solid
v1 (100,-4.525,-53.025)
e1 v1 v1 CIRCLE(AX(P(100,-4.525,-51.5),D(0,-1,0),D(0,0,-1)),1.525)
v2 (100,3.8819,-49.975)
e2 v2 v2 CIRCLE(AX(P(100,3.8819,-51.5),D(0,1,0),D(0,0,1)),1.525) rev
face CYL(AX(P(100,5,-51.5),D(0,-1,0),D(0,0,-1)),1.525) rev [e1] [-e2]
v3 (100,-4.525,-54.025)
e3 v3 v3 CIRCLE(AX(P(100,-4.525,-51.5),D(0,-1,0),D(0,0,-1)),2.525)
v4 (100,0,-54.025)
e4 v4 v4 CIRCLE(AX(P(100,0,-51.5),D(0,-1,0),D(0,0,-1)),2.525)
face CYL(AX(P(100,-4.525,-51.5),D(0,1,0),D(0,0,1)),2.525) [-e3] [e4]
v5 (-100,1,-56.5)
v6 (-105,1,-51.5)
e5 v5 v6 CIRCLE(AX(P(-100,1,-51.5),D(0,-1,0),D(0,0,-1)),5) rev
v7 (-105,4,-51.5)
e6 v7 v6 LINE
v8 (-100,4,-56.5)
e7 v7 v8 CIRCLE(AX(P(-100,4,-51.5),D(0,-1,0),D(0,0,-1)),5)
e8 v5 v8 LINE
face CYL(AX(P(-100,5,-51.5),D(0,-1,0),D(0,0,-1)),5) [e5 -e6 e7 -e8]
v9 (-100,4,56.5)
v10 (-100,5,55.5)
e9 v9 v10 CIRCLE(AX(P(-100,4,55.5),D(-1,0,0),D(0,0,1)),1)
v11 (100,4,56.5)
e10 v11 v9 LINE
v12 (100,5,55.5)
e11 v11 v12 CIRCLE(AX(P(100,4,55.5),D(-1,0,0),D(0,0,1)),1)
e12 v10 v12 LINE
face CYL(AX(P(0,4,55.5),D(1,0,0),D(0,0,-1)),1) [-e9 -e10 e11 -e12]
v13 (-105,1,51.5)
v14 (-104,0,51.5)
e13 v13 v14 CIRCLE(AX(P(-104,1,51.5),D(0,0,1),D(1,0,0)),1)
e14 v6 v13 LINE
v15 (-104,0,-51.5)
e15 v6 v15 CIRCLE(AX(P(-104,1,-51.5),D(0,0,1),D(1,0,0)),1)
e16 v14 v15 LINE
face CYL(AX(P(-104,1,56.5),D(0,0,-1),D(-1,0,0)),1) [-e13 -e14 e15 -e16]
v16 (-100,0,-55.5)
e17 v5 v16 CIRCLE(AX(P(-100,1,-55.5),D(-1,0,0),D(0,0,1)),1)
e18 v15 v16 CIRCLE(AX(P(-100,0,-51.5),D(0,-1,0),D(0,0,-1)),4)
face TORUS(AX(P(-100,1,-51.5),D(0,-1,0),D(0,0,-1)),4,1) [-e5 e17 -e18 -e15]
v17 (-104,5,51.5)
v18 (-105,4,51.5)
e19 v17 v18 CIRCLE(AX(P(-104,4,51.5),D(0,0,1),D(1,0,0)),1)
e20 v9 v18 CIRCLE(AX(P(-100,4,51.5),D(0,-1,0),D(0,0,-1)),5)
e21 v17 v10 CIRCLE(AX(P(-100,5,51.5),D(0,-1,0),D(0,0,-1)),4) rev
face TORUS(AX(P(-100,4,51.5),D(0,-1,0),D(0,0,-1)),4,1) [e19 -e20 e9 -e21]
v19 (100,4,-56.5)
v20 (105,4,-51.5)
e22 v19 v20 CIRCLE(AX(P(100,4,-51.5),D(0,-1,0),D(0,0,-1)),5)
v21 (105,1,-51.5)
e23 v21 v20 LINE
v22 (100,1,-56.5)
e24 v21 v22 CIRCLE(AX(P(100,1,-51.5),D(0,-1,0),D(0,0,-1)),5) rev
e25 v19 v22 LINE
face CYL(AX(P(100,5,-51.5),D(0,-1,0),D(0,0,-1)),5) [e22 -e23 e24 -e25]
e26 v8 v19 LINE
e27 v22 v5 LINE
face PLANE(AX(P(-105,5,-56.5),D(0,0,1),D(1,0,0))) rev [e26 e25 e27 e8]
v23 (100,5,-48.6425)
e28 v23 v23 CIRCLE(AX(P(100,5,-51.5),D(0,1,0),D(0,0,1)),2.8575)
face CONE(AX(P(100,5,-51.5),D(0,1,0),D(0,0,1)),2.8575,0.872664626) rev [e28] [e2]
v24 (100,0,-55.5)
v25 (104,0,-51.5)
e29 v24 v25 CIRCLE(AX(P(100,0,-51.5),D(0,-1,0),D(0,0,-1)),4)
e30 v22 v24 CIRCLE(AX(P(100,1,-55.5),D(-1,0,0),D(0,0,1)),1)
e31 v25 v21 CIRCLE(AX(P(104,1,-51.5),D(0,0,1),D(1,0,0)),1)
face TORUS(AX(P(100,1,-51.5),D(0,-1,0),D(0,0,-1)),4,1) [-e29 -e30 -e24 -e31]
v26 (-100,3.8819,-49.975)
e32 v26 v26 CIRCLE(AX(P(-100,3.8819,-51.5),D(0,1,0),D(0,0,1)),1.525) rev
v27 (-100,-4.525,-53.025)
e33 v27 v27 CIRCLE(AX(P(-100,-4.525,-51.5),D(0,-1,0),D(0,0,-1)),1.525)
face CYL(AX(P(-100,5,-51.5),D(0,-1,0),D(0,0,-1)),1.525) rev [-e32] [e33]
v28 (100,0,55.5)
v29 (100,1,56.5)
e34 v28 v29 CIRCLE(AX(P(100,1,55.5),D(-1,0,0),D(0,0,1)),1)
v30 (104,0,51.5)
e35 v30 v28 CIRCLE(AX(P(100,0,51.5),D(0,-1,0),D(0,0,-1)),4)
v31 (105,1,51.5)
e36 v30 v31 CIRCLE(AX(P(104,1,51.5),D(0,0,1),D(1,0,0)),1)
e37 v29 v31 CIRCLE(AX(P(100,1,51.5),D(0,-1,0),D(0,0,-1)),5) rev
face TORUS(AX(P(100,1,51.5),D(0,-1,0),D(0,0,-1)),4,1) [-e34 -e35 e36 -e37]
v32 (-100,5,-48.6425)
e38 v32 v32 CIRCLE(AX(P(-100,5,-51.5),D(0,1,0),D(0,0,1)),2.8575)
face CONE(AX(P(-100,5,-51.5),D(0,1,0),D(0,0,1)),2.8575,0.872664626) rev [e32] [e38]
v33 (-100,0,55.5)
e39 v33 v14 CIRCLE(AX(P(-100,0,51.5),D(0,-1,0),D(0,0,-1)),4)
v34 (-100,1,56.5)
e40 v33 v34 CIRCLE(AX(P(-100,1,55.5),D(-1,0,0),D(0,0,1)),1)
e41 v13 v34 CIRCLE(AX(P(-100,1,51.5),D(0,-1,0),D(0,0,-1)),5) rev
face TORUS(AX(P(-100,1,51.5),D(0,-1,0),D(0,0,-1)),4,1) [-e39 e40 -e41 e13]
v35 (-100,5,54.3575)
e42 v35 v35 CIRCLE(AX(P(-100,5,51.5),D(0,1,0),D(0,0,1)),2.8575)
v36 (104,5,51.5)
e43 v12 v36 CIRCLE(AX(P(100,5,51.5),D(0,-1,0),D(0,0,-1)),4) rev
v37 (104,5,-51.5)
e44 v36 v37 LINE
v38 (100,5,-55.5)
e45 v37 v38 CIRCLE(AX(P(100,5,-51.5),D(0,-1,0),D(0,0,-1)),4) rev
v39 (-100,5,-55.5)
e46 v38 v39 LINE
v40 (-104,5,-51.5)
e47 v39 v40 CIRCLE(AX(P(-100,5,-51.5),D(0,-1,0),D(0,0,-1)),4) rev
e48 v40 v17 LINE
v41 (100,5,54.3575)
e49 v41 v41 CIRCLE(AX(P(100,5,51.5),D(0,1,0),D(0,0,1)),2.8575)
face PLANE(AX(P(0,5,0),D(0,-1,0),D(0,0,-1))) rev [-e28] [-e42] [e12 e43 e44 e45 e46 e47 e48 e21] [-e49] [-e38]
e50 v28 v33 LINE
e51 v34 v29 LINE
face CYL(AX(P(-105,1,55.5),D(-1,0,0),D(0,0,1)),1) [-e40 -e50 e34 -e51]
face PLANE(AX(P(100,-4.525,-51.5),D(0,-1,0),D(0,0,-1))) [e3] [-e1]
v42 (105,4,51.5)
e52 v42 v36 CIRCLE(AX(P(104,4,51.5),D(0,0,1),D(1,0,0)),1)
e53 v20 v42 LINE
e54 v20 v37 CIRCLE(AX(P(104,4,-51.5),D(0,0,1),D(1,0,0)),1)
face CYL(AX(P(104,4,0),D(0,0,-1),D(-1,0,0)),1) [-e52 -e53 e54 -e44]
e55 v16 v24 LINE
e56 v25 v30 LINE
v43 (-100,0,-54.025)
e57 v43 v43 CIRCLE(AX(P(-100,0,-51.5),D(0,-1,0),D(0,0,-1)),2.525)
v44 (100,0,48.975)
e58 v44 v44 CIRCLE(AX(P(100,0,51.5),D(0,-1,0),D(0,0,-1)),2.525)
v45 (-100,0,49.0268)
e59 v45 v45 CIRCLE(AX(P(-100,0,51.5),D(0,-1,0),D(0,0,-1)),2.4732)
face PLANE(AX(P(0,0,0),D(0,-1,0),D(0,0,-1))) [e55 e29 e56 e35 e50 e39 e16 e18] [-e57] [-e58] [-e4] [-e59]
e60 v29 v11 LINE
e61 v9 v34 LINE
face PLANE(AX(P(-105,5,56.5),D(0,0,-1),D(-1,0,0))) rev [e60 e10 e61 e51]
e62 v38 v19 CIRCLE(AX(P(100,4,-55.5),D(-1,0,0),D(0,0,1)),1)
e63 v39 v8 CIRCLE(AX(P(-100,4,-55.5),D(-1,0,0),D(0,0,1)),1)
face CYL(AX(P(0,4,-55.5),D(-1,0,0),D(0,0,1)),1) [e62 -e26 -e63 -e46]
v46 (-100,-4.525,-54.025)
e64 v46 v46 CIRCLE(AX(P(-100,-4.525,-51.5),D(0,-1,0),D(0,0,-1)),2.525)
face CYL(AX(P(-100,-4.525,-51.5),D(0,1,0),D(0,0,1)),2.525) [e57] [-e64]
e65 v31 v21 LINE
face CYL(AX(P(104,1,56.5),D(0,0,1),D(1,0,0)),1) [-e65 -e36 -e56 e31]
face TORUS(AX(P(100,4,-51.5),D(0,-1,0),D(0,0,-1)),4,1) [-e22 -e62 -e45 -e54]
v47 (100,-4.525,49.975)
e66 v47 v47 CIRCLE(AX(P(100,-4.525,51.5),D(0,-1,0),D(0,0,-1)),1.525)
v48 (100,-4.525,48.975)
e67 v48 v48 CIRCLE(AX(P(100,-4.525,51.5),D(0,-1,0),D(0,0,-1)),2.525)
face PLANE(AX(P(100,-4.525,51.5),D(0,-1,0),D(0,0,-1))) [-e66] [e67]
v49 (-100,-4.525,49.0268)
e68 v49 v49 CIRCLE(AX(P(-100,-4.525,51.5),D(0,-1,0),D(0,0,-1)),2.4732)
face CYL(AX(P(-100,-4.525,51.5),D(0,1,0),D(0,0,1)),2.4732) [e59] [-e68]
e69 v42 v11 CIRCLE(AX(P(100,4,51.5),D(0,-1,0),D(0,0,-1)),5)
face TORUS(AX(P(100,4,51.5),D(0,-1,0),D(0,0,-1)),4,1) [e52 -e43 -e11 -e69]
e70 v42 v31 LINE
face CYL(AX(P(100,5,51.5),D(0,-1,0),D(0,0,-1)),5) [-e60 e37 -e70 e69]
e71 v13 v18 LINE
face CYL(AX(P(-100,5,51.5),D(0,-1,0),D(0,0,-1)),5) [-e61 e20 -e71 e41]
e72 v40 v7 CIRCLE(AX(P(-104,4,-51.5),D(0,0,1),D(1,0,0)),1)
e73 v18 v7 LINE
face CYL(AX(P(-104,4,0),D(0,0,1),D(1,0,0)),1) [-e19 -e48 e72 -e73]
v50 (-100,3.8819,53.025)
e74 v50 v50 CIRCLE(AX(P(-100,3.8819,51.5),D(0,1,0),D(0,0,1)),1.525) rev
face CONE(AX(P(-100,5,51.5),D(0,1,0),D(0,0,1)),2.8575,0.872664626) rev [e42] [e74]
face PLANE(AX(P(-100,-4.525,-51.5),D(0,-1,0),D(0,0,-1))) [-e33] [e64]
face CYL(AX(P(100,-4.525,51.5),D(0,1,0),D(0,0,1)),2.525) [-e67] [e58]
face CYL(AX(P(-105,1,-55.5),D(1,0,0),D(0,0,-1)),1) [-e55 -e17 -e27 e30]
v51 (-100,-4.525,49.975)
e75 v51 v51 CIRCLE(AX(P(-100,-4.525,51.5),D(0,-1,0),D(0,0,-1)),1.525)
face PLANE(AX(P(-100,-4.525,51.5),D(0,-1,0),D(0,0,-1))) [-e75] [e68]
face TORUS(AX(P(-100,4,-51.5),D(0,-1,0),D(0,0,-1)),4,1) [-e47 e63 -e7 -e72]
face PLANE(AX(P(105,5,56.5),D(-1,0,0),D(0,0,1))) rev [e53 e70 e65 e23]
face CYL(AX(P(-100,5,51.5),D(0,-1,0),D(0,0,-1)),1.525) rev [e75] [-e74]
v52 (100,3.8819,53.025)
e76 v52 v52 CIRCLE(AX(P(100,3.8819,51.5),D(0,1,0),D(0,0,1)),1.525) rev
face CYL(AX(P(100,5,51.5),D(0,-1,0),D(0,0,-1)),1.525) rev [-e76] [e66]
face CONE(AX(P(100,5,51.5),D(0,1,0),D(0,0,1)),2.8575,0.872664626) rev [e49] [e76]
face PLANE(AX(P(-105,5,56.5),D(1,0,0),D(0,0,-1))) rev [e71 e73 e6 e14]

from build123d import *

# Parameters (mm, degrees)
SKETCH1_W                                         = 210
SKETCH1_H                                         = 113
BOSS_EXTRUDE1_DEPTH                               = 5
FILLET1_R                                         = 5
FILLET2_R                                         = 1
CSK_FOR_4_FLAT_HEAD_MACHINE_SCREW_100_D           = 2.9464
CSK_FOR_4_FLAT_HEAD_MACHINE_SCREW_100_CSINK_D     = 5.715
CSK_FOR_4_FLAT_HEAD_MACHINE_SCREW_100_CSINK_ANGLE = 100
SKETCH8_R                                         = 2.4732
BOSS_EXTRUDE2_DEPTH                               = 4.525
SKETCH10_R                                        = 1.525
CUT_EXTRUDE1_DEPTH                                = 1
CUT_EXTRUDE1_DEPTH_BACK                           = 10.525
SKETCH11_R                                        = 2.525
BOSS_EXTRUDE3_DEPTH                               = 4.525
SKETCH14_R                                        = 1.525
CUT_EXTRUDE2_DEPTH                                = 10.5250001
SKETCH15_R                                        = 2.525
BOSS_EXTRUDE6_DEPTH                               = 4.525
SKETCH16_R                                        = 1.525
CUT_EXTRUDE3_DEPTH                                = 10.5250001
SKETCH17_R                                        = 2.525
BOSS_EXTRUDE7_DEPTH                               = 4.525
SKETCH18_R                                        = 1.525
CUT_EXTRUDE4_DEPTH                                = 10.5250001


with BuildPart() as part:
    # Sketch1 → Boss-Extrude1 (new body)
    with BuildSketch(Plane(origin=(0, 0, 0), x_dir=(1, 0, 0), z_dir=(0, 1, 0))):
        Rectangle(SKETCH1_W, SKETCH1_H)
    extrude(amount=BOSS_EXTRUDE1_DEPTH)

    # Fillet1
    fillet1_edges = [part.edges().sort_by_distance(p)[0] for p in [
        (105, 2.5, 56.5),
        (-105, 2.5, 56.5),
        (-105, 2.5, -56.5),
        (105, 2.5, -56.5),
    ]]
    fillet(fillet1_edges, radius=FILLET1_R)

    # Fillet2
    fillet2_edges = [part.edges().sort_by_distance(p)[0] for p in [
        (-105, 0, 0),
        (-105, 5, 0),
        (105, 0, 0),
        (0, 0, 56.5),
        (0, 0, -56.5),
        (103.535533906, 0, -55.035533906),
        (103.535533906, 0, 55.035533906),
        (-103.535533906, 0, 55.035533906),
        (-103.535533906, 0, -55.035533906),
        (0, 5, -56.5),
        (105, 5, 0),
        (0, 5, 56.5),
        (103.535533906, 5, -55.035533906),
        (103.535533906, 5, 55.035533906),
        (-103.535533906, 5, 55.035533906),
        (-103.535533906, 5, -55.035533906),
    ]]
    fillet(fillet2_edges, radius=FILLET2_R)

    # CSK for #4 Flat Head Machine Screw (100)1 (through all)
    with Locations(Plane(origin=(0, 5, 0), x_dir=(1, 0, 0), z_dir=(0, 1, 0))):
        with Locations((-100, -51.5), (100, 51.5), (100, -51.5), (-100, 51.5)):
            CounterSinkHole(CSK_FOR_4_FLAT_HEAD_MACHINE_SCREW_100_D / 2, CSK_FOR_4_FLAT_HEAD_MACHINE_SCREW_100_CSINK_D / 2, counter_sink_angle=CSK_FOR_4_FLAT_HEAD_MACHINE_SCREW_100_CSINK_ANGLE)

    # Sketch8 → Boss-Extrude2 (add)
    with BuildSketch(Plane.XZ):
        with Locations((-100, 51.5)):
            Circle(SKETCH8_R)
    extrude(amount=BOSS_EXTRUDE2_DEPTH)

    # Sketch10 → Cut-Extrude1 (cut, two sides)
    with BuildSketch(Plane.XZ.offset(4.525)) as cut_extrude1_sk:
        with Locations((-100, 51.5)):
            Circle(SKETCH10_R)
    extrude(amount=CUT_EXTRUDE1_DEPTH, mode=Mode.SUBTRACT)
    extrude(cut_extrude1_sk.sketch, amount=-CUT_EXTRUDE1_DEPTH_BACK, mode=Mode.SUBTRACT)

    # Sketch11 → Boss-Extrude3 (add)
    with BuildSketch(Plane.XZ):
        with Locations((-100, -51.5)):
            Circle(SKETCH11_R)
    extrude(amount=BOSS_EXTRUDE3_DEPTH)

    # Sketch14 → Cut-Extrude2 (cut, through all)
    with BuildSketch(Plane.XZ.offset(4.525)):
        with Locations((-100, -51.5)):
            Circle(SKETCH14_R)
    extrude(amount=-CUT_EXTRUDE2_DEPTH, mode=Mode.SUBTRACT)

    # Sketch15 → Boss-Extrude6 (add)
    with BuildSketch(Plane.XZ):
        with Locations((100, 51.5)):
            Circle(SKETCH15_R)
    extrude(amount=BOSS_EXTRUDE6_DEPTH)

    # Sketch16 → Cut-Extrude3 (cut, through all)
    with BuildSketch(Plane.XZ.offset(4.525)):
        with Locations((100, 51.5)):
            Circle(SKETCH16_R)
    extrude(amount=-CUT_EXTRUDE3_DEPTH, mode=Mode.SUBTRACT)

    # Sketch17 → Boss-Extrude7 (add)
    with BuildSketch(Plane.XZ):
        with Locations((100, -51.5)):
            Circle(SKETCH17_R)
    extrude(amount=BOSS_EXTRUDE7_DEPTH)

    # Sketch18 → Cut-Extrude4 (cut, through all)
    with BuildSketch(Plane.XZ.offset(4.525)):
        with Locations((100, -51.5)):
            Circle(SKETCH18_R)
    extrude(amount=-CUT_EXTRUDE4_DEPTH, mode=Mode.SUBTRACT)


solid = part.part
